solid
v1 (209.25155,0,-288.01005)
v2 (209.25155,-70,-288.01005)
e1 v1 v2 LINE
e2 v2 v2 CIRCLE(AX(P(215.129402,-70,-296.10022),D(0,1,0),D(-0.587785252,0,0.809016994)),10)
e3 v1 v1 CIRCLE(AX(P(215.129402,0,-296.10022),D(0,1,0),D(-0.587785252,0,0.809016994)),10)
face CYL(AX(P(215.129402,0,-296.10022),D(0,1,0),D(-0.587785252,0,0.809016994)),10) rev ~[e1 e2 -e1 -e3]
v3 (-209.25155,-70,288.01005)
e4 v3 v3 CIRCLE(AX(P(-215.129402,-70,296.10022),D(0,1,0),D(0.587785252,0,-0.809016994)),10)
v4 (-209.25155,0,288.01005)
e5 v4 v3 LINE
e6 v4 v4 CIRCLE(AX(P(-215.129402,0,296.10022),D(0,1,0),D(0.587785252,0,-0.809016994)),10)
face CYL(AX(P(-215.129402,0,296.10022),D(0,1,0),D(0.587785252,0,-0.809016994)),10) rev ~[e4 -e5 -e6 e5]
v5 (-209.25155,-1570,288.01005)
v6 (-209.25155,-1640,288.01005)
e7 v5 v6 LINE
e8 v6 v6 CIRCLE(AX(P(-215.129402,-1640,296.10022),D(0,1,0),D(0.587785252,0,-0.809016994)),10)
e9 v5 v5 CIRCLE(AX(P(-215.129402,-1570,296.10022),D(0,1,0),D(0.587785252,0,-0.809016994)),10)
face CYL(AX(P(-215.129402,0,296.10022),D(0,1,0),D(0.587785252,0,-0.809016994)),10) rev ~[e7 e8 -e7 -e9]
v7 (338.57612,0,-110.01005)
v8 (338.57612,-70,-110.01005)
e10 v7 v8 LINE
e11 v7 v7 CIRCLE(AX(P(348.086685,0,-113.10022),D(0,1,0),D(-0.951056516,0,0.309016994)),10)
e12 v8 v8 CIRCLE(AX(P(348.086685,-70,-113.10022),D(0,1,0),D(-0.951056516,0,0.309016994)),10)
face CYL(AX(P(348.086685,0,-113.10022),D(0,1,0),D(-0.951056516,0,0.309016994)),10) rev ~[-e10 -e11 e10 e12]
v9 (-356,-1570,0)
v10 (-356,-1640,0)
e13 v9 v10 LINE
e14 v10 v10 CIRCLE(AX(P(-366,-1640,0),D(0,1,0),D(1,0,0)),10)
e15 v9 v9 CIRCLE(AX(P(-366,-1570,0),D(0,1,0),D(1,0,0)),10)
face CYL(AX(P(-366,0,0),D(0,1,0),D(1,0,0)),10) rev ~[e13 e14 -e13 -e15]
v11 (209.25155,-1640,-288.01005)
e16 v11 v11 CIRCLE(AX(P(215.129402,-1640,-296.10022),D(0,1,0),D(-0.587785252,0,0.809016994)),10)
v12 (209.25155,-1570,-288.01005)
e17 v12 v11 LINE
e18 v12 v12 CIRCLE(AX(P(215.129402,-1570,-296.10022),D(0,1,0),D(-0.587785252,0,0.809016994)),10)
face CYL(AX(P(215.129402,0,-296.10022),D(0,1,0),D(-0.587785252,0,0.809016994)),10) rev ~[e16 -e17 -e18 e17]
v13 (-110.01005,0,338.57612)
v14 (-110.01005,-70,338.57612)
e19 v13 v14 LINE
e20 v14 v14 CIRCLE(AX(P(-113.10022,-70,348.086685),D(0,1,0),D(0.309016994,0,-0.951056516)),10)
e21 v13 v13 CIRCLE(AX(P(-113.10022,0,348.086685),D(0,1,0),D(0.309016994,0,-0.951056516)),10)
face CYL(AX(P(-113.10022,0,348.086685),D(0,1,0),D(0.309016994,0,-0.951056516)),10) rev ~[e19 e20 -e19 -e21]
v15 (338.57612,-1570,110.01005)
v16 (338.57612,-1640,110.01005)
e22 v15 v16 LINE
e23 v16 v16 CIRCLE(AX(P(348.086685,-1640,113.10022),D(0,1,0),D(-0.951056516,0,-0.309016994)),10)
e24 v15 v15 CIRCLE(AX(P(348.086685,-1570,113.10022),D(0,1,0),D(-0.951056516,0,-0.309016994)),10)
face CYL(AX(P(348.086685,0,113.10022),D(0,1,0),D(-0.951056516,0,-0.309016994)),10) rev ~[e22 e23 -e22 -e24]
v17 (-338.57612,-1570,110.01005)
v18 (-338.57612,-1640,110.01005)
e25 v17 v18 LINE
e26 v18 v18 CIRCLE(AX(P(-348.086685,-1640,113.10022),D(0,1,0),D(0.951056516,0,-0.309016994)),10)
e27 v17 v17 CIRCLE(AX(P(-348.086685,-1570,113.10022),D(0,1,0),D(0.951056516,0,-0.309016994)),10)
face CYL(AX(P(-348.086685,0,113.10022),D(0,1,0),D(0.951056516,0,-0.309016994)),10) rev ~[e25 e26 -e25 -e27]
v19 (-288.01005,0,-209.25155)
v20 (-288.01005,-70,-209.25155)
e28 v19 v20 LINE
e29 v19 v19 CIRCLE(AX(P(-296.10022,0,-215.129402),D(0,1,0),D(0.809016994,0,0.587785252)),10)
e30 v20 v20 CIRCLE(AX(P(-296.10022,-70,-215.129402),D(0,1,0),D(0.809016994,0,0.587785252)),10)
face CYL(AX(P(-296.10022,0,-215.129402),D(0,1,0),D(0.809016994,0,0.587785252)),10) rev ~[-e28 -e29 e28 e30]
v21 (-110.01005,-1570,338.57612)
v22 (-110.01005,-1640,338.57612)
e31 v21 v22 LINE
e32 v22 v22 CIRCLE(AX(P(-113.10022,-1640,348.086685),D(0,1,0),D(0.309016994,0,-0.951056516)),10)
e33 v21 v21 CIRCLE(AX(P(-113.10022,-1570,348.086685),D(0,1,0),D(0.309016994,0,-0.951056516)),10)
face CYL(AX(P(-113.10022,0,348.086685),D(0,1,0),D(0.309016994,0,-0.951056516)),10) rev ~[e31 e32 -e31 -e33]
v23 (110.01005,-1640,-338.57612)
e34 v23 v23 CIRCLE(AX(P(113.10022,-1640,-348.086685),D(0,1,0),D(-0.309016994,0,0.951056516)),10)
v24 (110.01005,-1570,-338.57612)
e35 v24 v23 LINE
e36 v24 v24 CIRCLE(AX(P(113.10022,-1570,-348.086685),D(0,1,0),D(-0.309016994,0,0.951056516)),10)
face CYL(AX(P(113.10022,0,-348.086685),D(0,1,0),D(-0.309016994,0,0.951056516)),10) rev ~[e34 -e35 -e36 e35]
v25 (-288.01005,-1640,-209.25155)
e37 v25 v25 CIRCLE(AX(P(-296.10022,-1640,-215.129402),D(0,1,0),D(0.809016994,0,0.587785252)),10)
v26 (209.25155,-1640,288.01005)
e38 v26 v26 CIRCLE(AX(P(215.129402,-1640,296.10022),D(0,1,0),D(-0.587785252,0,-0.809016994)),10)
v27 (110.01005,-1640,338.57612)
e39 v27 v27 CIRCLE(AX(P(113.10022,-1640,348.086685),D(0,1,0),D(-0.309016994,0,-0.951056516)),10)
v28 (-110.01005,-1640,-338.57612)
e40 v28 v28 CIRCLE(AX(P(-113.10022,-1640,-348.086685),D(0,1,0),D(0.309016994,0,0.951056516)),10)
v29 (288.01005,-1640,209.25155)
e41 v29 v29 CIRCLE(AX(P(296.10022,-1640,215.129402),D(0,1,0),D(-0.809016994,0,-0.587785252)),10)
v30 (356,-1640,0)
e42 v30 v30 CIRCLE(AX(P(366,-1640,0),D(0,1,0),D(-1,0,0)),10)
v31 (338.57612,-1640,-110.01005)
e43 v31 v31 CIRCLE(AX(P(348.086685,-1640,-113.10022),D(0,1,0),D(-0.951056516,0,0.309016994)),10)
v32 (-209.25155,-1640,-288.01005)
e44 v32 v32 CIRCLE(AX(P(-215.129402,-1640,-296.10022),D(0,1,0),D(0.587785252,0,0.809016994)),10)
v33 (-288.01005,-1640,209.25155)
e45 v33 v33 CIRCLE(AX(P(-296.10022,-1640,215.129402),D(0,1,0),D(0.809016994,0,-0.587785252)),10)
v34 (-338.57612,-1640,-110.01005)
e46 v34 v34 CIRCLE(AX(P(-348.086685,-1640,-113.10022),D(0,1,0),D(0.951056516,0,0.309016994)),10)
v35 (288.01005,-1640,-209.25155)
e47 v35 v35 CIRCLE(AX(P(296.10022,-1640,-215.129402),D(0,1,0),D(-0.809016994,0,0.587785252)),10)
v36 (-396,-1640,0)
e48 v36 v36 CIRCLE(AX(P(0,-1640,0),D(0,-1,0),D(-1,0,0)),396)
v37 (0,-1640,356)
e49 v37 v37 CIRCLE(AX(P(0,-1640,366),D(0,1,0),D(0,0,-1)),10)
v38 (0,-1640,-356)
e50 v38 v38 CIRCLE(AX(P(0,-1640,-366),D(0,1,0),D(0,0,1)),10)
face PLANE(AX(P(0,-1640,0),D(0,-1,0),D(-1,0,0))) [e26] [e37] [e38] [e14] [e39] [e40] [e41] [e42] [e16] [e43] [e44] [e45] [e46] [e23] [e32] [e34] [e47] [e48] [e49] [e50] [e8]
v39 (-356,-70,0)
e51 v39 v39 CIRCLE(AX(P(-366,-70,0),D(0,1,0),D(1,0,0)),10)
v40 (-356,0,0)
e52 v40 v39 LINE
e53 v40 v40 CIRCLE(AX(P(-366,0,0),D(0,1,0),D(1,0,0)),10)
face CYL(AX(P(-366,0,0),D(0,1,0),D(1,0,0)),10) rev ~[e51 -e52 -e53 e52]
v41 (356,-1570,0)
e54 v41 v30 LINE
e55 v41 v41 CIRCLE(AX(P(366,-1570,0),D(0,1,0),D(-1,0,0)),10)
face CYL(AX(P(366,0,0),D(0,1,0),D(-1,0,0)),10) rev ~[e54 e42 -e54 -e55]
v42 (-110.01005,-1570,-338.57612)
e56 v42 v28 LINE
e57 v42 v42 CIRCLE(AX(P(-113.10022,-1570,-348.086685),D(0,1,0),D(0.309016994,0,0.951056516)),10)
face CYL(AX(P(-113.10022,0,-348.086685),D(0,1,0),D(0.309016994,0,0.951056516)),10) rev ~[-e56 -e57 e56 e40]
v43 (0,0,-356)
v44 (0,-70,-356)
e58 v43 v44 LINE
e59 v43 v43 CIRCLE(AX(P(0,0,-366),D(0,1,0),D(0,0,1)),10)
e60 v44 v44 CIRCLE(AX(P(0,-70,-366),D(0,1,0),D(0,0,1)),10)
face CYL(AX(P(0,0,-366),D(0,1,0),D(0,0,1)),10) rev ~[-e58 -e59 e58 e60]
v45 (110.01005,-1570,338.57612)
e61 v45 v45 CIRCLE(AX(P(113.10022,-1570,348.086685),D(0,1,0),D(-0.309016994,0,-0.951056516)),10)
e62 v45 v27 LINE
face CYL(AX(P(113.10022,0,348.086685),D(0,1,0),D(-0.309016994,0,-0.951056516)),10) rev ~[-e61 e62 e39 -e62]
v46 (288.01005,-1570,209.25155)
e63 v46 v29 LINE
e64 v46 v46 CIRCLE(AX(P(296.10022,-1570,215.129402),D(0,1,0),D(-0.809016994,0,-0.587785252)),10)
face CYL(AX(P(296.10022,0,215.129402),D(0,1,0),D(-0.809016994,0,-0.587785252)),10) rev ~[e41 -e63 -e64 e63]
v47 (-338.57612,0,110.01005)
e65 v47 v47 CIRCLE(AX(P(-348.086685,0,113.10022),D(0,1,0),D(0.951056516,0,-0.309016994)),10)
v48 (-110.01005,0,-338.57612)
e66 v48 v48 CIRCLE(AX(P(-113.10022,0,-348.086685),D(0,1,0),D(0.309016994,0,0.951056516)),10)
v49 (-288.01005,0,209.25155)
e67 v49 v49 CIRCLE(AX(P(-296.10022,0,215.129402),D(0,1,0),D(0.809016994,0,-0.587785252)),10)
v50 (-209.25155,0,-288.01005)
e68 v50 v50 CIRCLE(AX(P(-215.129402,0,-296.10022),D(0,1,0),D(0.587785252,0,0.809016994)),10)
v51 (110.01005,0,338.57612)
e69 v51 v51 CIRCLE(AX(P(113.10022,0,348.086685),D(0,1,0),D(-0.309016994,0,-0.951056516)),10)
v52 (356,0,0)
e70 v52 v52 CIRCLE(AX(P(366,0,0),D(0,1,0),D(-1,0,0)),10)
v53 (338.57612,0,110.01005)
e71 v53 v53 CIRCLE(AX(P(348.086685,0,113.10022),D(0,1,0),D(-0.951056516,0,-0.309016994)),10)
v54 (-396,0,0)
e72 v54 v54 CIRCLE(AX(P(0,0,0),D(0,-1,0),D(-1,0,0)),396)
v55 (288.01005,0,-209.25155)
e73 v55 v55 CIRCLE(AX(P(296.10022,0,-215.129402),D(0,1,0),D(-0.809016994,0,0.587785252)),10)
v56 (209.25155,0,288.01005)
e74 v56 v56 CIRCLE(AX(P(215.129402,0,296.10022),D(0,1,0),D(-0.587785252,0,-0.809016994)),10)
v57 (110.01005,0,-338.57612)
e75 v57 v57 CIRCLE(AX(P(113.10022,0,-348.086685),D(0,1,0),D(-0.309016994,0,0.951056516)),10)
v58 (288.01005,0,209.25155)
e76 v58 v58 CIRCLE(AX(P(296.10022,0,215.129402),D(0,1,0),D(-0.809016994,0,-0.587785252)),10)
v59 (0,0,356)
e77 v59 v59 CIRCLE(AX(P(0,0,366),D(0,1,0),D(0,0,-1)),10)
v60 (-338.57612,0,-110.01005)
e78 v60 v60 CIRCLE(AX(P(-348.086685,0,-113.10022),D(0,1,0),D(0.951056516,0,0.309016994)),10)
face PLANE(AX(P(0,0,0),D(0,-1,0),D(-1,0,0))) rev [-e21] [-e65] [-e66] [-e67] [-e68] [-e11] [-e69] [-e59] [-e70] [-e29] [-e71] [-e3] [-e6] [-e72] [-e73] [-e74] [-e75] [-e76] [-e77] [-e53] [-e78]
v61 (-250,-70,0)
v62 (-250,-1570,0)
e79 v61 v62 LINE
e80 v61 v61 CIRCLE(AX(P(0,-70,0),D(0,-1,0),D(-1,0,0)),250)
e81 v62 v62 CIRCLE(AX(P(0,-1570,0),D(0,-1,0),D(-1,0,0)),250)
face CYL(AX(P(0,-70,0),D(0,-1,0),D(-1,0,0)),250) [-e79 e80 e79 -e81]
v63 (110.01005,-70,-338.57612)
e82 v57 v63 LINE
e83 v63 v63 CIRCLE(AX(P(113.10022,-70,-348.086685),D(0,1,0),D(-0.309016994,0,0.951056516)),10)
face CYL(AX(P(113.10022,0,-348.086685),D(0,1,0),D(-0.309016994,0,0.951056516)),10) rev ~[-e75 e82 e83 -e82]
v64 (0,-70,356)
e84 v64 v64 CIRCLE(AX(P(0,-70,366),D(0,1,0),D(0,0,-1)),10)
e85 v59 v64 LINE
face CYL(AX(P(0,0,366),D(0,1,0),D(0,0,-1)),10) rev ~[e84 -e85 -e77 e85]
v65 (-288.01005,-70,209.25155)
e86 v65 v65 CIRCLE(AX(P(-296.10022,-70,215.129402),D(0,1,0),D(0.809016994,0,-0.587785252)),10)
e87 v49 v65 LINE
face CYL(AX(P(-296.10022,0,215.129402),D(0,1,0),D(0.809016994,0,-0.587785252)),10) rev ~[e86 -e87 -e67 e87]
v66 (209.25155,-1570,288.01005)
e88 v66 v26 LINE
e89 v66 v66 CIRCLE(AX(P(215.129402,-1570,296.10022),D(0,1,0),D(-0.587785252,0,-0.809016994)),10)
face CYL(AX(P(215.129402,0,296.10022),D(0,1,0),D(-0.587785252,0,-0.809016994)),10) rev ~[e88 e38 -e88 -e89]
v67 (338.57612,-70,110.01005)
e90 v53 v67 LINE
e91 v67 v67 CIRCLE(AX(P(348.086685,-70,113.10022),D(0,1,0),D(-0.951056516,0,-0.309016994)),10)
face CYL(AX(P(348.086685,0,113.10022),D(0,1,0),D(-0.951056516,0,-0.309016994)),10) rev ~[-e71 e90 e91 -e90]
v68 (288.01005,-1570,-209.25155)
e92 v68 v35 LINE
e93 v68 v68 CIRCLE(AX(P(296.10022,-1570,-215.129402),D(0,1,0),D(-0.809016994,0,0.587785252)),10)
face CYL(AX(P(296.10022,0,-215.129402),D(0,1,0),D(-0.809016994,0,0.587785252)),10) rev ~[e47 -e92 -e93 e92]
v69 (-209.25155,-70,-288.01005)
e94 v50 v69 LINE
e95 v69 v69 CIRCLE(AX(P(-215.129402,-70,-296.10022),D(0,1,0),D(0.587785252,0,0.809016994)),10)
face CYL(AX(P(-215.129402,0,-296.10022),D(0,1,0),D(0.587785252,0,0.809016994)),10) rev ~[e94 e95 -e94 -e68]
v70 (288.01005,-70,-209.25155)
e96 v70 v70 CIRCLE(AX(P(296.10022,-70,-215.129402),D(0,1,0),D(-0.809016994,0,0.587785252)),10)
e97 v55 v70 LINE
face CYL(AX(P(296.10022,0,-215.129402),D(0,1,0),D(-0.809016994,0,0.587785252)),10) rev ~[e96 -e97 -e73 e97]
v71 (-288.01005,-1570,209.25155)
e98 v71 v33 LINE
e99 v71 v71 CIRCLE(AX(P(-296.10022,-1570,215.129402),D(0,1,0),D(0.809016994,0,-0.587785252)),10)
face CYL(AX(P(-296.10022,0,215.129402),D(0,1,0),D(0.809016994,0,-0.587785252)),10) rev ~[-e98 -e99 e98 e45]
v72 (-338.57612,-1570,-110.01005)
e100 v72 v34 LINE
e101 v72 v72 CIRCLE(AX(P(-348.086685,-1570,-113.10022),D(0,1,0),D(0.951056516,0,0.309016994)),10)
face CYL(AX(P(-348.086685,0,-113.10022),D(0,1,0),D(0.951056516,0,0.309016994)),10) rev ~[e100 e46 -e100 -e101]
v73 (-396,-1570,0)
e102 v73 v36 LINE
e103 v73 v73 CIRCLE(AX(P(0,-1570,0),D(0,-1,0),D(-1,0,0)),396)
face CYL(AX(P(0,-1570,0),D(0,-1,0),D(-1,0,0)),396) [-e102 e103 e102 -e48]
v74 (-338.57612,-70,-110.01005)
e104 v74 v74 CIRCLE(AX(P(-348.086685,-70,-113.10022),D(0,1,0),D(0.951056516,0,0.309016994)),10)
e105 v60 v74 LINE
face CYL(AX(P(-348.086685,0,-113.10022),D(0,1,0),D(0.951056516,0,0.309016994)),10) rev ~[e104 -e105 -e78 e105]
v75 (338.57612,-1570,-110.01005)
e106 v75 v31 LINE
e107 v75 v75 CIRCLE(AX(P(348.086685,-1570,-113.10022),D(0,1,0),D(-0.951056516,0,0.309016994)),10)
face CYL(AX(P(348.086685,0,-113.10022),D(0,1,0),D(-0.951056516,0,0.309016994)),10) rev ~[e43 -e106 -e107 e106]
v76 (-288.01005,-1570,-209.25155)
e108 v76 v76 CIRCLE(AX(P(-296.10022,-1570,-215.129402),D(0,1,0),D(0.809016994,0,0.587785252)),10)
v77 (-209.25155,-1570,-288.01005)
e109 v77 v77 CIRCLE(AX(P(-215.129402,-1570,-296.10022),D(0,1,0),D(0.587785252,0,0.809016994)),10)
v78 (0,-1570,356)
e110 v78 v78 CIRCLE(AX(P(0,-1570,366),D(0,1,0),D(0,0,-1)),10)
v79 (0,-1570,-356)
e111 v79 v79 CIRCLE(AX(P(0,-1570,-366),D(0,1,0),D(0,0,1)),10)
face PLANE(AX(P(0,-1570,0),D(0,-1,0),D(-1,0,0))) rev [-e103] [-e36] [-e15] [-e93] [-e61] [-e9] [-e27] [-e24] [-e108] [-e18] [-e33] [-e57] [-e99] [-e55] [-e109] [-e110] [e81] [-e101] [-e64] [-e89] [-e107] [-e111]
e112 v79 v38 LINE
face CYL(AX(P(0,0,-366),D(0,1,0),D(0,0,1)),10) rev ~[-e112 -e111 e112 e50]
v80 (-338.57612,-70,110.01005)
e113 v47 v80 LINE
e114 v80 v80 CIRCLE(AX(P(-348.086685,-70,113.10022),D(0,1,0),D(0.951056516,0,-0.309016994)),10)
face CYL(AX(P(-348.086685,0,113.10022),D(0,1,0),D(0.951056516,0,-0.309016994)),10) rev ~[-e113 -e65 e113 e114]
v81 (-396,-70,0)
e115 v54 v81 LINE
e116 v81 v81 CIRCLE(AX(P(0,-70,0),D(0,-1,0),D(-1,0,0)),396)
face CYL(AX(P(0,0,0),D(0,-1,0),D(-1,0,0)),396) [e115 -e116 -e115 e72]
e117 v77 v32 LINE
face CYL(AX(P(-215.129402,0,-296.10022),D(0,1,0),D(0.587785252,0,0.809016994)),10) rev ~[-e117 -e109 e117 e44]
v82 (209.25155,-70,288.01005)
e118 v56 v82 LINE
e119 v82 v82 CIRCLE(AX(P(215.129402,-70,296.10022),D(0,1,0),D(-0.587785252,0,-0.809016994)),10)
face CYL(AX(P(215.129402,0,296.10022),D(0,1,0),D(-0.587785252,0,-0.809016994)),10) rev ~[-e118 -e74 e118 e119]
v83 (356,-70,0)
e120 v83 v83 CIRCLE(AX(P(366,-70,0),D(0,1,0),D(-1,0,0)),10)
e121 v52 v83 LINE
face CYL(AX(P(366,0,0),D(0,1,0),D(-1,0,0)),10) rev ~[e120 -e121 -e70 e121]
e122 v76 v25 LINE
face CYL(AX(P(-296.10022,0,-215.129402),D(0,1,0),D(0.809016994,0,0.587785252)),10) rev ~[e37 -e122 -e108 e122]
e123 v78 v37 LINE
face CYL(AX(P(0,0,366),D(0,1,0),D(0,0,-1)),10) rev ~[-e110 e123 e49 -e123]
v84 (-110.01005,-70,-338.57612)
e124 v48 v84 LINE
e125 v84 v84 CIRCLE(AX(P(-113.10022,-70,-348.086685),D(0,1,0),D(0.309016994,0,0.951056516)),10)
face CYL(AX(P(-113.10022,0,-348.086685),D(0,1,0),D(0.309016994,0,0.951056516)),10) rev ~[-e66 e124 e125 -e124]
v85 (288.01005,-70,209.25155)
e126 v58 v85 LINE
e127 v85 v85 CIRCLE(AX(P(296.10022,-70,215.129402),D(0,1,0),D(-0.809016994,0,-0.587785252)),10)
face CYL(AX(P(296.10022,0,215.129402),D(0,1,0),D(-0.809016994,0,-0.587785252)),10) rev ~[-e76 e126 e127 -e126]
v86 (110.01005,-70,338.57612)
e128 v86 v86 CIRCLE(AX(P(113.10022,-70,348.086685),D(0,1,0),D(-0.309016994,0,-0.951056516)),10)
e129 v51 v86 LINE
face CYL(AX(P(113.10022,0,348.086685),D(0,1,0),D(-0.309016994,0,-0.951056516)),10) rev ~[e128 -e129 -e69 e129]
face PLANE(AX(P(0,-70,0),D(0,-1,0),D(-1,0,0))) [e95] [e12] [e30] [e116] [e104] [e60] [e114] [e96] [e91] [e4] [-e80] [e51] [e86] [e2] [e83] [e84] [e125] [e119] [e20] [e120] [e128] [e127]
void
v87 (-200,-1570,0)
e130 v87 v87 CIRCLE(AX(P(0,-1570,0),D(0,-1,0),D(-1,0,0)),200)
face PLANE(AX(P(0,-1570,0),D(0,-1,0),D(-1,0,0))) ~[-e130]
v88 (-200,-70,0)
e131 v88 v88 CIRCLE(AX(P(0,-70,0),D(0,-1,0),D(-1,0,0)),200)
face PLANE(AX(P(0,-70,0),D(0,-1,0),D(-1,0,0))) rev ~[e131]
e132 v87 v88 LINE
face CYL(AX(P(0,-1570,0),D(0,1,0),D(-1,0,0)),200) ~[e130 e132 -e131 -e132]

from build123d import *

# Parameters (mm, degrees)
ESQUISSE2_R                  = 10
ENL_V_MAT_EXTRU_1_DEPTH      = 1733.983554452
R_P_TITION_CIRCULAIRE1_COUNT = 20


with BuildPart() as part:
    # Esquisse1 → Révolution1 (revolve)
    with BuildSketch(Plane.XY, mode=Mode.PRIVATE) as r_volution1_sk:
        Polygon((0, 0), (396, 0), (396, -70), (250, -70), (250, -1570), (396, -1570), (396, -1640), (0, -1640), (0, -1570), (200, -1570), (200, -70), (0, -70), align=None)
    revolve(r_volution1_sk.sketch.rotate(Axis((0, 0, 0), (0, -1, 0)), 180), axis=Axis((0, 0, 0), (0, -1, 0)))

    # Esquisse2 → Enlèv. mat.-Extru.1 (cut, through all)
    with BuildSketch(Plane(origin=(0, 0, 0), x_dir=(1, 0, 0), z_dir=(0, 1, 0))):
        with Locations(Location((366, 0, 0), (0, 0, 180))):
            Circle(ESQUISSE2_R)
    enl_v_mat_extru_1 = extrude(amount=-ENL_V_MAT_EXTRU_1_DEPTH, mode=Mode.SUBTRACT)

    # Répétition circulaire1: Enlèv. mat.-Extru.1 ×20 about axis
    r_p_tition_circulaire1_axis = Axis((0, 0, 0), (0, 1, 0))
    for i in range(1, R_P_TITION_CIRCULAIRE1_COUNT):
        add(enl_v_mat_extru_1.rotate(r_p_tition_circulaire1_axis, i * 360 / R_P_TITION_CIRCULAIRE1_COUNT), mode=Mode.SUBTRACT)


solid = part.part
